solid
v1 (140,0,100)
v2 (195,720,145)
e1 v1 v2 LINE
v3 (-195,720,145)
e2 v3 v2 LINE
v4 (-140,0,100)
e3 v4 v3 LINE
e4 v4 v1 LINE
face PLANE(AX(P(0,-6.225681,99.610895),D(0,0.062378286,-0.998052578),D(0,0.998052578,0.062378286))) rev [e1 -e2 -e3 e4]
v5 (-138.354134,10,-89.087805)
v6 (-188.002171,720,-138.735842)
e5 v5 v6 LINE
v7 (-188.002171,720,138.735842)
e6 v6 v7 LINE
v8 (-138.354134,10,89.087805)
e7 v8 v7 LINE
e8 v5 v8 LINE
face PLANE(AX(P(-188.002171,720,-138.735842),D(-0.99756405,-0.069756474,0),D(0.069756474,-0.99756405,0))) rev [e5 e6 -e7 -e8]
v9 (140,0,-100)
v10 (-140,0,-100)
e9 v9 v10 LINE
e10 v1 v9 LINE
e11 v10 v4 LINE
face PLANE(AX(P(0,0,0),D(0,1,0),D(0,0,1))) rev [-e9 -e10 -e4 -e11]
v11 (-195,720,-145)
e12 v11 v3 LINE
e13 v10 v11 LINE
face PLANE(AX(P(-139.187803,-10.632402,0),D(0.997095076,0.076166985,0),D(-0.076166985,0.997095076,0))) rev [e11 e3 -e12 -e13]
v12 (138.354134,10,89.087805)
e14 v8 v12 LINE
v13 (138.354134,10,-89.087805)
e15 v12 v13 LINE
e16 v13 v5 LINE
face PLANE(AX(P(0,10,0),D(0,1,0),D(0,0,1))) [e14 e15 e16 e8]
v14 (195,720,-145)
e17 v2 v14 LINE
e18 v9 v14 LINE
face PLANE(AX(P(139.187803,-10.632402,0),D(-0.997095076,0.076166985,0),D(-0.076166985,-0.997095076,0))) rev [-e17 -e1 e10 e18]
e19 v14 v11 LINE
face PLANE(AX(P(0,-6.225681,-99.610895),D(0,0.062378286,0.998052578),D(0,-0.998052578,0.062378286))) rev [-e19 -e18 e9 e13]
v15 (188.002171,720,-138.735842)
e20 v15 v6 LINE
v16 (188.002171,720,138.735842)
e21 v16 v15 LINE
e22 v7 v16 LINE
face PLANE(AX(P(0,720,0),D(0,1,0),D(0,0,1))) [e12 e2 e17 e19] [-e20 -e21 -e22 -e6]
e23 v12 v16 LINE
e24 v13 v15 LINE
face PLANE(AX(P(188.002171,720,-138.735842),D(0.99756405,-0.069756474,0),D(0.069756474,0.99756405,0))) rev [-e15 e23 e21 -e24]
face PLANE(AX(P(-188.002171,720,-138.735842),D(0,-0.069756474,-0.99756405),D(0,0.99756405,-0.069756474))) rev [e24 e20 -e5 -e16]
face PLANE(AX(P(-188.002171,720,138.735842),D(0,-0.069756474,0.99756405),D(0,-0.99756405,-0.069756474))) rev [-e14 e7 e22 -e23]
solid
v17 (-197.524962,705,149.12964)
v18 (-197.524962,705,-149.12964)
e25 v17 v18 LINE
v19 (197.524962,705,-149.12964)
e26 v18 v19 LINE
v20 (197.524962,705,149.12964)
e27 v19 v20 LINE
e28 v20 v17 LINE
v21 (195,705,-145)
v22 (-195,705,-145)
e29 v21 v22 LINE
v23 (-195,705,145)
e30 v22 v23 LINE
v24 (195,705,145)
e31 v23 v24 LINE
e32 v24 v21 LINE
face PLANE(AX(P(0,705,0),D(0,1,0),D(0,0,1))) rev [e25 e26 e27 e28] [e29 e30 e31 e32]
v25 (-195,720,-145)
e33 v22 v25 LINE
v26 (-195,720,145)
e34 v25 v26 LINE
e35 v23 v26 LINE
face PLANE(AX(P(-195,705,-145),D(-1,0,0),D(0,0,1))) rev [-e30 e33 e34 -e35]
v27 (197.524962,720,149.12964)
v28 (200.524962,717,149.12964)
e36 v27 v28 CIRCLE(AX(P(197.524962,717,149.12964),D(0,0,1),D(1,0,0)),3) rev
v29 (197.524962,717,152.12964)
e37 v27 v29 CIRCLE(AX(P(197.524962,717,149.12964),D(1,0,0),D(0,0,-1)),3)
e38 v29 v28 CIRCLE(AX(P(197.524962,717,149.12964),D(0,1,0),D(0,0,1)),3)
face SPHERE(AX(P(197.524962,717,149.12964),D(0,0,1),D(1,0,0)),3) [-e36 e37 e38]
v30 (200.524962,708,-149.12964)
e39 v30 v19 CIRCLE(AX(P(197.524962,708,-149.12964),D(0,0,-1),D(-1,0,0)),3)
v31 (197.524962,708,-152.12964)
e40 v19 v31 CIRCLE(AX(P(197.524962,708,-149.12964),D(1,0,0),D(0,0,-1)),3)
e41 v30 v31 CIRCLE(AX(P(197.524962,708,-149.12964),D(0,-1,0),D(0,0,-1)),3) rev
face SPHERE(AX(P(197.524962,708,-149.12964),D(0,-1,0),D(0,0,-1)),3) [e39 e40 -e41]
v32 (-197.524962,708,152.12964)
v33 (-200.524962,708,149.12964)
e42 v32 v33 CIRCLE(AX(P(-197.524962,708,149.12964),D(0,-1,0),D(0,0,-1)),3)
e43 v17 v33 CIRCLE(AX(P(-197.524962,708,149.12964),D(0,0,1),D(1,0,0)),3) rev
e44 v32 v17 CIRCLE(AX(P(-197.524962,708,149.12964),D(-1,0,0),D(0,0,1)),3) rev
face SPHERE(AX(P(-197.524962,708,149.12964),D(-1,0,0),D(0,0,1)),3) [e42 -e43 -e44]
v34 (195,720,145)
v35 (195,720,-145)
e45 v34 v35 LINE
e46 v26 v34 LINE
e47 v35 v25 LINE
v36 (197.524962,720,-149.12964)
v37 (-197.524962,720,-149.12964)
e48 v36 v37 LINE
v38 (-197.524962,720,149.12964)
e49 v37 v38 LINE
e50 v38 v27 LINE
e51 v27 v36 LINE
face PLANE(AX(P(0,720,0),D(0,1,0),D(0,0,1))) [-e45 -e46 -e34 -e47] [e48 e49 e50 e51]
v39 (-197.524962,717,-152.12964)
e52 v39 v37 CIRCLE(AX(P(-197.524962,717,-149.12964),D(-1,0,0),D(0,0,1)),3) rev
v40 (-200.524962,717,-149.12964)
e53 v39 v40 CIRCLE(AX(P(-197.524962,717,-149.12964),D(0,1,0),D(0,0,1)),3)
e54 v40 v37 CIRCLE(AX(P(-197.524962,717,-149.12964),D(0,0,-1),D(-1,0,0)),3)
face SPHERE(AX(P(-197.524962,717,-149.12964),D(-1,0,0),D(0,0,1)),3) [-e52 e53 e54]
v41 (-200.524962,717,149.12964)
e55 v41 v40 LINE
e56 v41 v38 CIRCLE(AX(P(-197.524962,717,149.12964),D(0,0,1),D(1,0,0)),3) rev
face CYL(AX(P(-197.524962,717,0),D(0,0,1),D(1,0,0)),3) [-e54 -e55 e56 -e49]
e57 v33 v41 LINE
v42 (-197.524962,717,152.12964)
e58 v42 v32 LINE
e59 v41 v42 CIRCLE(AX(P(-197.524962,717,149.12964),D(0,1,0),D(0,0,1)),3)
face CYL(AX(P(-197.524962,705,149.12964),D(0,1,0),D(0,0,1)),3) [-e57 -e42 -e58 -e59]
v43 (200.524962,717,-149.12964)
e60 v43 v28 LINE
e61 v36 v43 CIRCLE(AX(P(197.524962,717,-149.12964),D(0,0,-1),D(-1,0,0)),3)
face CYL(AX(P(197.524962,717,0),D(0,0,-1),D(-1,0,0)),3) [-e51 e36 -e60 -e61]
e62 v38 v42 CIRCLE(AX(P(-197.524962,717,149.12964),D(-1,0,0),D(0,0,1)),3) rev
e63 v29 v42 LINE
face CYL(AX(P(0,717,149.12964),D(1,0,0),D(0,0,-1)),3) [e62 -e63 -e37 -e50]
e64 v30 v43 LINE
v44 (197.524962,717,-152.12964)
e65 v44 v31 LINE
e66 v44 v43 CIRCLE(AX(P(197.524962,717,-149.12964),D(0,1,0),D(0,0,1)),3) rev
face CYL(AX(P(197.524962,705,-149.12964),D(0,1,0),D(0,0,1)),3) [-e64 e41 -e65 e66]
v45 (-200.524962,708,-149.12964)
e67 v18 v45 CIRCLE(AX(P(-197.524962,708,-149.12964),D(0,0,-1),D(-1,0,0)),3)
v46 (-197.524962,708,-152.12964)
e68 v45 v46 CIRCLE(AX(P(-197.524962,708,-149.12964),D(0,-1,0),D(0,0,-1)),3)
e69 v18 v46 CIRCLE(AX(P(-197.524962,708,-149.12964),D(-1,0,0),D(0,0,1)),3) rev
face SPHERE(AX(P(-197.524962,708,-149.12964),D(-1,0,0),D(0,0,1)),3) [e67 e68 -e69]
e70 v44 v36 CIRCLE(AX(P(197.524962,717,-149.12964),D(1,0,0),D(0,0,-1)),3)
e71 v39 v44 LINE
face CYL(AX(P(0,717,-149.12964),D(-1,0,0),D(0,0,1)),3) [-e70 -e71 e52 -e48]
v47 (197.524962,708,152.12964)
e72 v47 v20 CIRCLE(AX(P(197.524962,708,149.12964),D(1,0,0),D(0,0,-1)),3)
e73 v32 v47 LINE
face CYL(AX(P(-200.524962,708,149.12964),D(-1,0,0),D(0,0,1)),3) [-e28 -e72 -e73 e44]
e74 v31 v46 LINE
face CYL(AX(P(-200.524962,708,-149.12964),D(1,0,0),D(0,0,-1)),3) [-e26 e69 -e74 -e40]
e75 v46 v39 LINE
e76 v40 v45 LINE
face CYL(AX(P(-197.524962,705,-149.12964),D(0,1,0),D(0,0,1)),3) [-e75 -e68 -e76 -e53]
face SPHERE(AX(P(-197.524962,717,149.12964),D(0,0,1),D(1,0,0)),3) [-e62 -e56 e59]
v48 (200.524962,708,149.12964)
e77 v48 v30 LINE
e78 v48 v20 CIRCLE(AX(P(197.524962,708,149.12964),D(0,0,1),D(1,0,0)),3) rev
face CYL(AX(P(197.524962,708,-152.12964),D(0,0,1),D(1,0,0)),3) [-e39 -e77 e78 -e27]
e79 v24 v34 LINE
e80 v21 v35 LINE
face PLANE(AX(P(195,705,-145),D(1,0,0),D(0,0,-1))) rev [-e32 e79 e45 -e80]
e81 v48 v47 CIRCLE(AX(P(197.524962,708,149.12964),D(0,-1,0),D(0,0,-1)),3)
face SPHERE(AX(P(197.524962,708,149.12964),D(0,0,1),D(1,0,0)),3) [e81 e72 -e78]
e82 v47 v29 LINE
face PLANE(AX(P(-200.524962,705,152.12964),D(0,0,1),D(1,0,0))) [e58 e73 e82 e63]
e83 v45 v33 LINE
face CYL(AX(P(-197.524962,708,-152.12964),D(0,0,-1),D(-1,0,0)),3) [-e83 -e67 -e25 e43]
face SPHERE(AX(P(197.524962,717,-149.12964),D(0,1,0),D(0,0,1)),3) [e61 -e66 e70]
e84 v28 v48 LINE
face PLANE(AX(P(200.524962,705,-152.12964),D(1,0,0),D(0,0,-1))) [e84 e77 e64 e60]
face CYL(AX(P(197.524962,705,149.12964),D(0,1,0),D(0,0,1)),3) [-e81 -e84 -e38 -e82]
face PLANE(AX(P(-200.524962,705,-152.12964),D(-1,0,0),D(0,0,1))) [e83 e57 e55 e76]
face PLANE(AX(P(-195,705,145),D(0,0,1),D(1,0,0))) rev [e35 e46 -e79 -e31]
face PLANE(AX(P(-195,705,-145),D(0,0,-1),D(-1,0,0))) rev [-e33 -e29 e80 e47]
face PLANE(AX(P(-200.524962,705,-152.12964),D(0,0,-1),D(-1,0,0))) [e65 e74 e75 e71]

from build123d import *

# Parameters (mm, degrees)
CROQUIS1_W              = 280
CROQUIS1_H              = 200
SALIENTE_EXTRUIR1_DEPTH = 10
CROQUIS3_W              = 376.00434192
CROQUIS3_H              = 277.471683716
CORTAR_EXTRUIR1_DEPTH   = 710
CORTAR_EXTRUIR1_DRAFT   = -4
CROQUIS4_W              = 401.049923566
CROQUIS4_H              = 304.259280942
CROQUIS4_W_2            = 390
CROQUIS4_H_2            = 290
SALIENTE_EXTRUIR2_DEPTH = 15
REDONDEO1_R             = 3


with BuildPart() as part:
    # Croquis1 → Saliente-Extruir1 (new body)
    with BuildSketch(Plane(origin=(0, 0, 0), x_dir=(1, 0, 0), z_dir=(0, 1, 0))):
        Rectangle(CROQUIS1_W, CROQUIS1_H)
    extrude(amount=SALIENTE_EXTRUIR1_DEPTH)

    # Croquis1<2> → Recubrir2 section 0
    with BuildSketch(Plane(origin=(0, 0, 0), x_dir=(1, 0, 0), z_dir=(0, 1, 0))):
        with BuildLine():
            Line((-140, 100), (140, 100))
            Line((140, 100), (140, -100))
            Line((140, -100), (-140, -100))
            Line((-140, -100), (-140, 100))
        make_face()
    # Croquis2 → Recubrir2 section 1
    with BuildSketch(Plane(origin=(0, 720, 0), x_dir=(1, 0, 0), z_dir=(0, 1, 0))):
        with BuildLine():
            Line((-195, 145), (195, 145))
            Line((195, 145), (195, -145))
            Line((195, -145), (-195, -145))
            Line((-195, -145), (-195, 145))
        make_face()
    loft()


with BuildPart() as cortar_extruir1_tool:
    # Croquis3 → Cortar-Extruir1 (with draft: the straight prism first)
    with BuildSketch(Plane(origin=(0, 720, 0), x_dir=(1, 0, 0), z_dir=(0, 1, 0))):
        Rectangle(CROQUIS3_W, CROQUIS3_H)
    extrude(amount=-CORTAR_EXTRUIR1_DEPTH)
    # Cortar-Extruir1: the draft: its side faces are tilted about the plane it starts from
    cortar_extruir1_sides = [cortar_extruir1_tool.faces().sort_by_distance(p)[0] for p in [
        (-188.00217096, 365, 0),
        (0, 365, 138.735841858),
        (188.00217096, 365, 0),
        (0, 365, -138.735841858),
    ]]
    draft(cortar_extruir1_sides, Plane(origin=(0, 720, 0), x_dir=(1, 0, 0), z_dir=(0, 1, 0)), CORTAR_EXTRUIR1_DRAFT)


with BuildPart() as part_1:
    add(part.part)

    # Cortar-Extruir1: cut by cortar_extruir1_tool
    add(cortar_extruir1_tool.part, mode=Mode.SUBTRACT)


with BuildPart() as body_2:
    # Croquis4 → Saliente-Extruir2 (new body)
    with BuildSketch(Plane(origin=(0, 720, 0), x_dir=(1, 0, 0), z_dir=(0, 1, 0))):
        Rectangle(CROQUIS4_W, CROQUIS4_H)
        Rectangle(CROQUIS4_W_2, CROQUIS4_H_2, mode=Mode.SUBTRACT)
    extrude(amount=-SALIENTE_EXTRUIR2_DEPTH)

    # Redondeo1
    redondeo1_edges = [body_2.edges().sort_by_distance(p)[0] for p in [
        (-200.524961783, 705, 0),
        (0, 705, 152.129640471),
        (200.524961783, 705, 0),
        (0, 720, 152.129640471),
        (-200.524961783, 720, 0),
        (0, 720, -152.129640471),
        (200.524961783, 720, 0),
        (200.524961783, 712.5, 152.129640471),
        (-200.524961783, 712.5, 152.129640471),
        (-200.524961783, 712.5, -152.129640471),
        (200.524961783, 712.5, -152.129640471),
        (0, 705, -152.129640471),
    ]]
    fillet(redondeo1_edges, radius=REDONDEO1_R)


solid = Compound([part_1.part, body_2.part])
